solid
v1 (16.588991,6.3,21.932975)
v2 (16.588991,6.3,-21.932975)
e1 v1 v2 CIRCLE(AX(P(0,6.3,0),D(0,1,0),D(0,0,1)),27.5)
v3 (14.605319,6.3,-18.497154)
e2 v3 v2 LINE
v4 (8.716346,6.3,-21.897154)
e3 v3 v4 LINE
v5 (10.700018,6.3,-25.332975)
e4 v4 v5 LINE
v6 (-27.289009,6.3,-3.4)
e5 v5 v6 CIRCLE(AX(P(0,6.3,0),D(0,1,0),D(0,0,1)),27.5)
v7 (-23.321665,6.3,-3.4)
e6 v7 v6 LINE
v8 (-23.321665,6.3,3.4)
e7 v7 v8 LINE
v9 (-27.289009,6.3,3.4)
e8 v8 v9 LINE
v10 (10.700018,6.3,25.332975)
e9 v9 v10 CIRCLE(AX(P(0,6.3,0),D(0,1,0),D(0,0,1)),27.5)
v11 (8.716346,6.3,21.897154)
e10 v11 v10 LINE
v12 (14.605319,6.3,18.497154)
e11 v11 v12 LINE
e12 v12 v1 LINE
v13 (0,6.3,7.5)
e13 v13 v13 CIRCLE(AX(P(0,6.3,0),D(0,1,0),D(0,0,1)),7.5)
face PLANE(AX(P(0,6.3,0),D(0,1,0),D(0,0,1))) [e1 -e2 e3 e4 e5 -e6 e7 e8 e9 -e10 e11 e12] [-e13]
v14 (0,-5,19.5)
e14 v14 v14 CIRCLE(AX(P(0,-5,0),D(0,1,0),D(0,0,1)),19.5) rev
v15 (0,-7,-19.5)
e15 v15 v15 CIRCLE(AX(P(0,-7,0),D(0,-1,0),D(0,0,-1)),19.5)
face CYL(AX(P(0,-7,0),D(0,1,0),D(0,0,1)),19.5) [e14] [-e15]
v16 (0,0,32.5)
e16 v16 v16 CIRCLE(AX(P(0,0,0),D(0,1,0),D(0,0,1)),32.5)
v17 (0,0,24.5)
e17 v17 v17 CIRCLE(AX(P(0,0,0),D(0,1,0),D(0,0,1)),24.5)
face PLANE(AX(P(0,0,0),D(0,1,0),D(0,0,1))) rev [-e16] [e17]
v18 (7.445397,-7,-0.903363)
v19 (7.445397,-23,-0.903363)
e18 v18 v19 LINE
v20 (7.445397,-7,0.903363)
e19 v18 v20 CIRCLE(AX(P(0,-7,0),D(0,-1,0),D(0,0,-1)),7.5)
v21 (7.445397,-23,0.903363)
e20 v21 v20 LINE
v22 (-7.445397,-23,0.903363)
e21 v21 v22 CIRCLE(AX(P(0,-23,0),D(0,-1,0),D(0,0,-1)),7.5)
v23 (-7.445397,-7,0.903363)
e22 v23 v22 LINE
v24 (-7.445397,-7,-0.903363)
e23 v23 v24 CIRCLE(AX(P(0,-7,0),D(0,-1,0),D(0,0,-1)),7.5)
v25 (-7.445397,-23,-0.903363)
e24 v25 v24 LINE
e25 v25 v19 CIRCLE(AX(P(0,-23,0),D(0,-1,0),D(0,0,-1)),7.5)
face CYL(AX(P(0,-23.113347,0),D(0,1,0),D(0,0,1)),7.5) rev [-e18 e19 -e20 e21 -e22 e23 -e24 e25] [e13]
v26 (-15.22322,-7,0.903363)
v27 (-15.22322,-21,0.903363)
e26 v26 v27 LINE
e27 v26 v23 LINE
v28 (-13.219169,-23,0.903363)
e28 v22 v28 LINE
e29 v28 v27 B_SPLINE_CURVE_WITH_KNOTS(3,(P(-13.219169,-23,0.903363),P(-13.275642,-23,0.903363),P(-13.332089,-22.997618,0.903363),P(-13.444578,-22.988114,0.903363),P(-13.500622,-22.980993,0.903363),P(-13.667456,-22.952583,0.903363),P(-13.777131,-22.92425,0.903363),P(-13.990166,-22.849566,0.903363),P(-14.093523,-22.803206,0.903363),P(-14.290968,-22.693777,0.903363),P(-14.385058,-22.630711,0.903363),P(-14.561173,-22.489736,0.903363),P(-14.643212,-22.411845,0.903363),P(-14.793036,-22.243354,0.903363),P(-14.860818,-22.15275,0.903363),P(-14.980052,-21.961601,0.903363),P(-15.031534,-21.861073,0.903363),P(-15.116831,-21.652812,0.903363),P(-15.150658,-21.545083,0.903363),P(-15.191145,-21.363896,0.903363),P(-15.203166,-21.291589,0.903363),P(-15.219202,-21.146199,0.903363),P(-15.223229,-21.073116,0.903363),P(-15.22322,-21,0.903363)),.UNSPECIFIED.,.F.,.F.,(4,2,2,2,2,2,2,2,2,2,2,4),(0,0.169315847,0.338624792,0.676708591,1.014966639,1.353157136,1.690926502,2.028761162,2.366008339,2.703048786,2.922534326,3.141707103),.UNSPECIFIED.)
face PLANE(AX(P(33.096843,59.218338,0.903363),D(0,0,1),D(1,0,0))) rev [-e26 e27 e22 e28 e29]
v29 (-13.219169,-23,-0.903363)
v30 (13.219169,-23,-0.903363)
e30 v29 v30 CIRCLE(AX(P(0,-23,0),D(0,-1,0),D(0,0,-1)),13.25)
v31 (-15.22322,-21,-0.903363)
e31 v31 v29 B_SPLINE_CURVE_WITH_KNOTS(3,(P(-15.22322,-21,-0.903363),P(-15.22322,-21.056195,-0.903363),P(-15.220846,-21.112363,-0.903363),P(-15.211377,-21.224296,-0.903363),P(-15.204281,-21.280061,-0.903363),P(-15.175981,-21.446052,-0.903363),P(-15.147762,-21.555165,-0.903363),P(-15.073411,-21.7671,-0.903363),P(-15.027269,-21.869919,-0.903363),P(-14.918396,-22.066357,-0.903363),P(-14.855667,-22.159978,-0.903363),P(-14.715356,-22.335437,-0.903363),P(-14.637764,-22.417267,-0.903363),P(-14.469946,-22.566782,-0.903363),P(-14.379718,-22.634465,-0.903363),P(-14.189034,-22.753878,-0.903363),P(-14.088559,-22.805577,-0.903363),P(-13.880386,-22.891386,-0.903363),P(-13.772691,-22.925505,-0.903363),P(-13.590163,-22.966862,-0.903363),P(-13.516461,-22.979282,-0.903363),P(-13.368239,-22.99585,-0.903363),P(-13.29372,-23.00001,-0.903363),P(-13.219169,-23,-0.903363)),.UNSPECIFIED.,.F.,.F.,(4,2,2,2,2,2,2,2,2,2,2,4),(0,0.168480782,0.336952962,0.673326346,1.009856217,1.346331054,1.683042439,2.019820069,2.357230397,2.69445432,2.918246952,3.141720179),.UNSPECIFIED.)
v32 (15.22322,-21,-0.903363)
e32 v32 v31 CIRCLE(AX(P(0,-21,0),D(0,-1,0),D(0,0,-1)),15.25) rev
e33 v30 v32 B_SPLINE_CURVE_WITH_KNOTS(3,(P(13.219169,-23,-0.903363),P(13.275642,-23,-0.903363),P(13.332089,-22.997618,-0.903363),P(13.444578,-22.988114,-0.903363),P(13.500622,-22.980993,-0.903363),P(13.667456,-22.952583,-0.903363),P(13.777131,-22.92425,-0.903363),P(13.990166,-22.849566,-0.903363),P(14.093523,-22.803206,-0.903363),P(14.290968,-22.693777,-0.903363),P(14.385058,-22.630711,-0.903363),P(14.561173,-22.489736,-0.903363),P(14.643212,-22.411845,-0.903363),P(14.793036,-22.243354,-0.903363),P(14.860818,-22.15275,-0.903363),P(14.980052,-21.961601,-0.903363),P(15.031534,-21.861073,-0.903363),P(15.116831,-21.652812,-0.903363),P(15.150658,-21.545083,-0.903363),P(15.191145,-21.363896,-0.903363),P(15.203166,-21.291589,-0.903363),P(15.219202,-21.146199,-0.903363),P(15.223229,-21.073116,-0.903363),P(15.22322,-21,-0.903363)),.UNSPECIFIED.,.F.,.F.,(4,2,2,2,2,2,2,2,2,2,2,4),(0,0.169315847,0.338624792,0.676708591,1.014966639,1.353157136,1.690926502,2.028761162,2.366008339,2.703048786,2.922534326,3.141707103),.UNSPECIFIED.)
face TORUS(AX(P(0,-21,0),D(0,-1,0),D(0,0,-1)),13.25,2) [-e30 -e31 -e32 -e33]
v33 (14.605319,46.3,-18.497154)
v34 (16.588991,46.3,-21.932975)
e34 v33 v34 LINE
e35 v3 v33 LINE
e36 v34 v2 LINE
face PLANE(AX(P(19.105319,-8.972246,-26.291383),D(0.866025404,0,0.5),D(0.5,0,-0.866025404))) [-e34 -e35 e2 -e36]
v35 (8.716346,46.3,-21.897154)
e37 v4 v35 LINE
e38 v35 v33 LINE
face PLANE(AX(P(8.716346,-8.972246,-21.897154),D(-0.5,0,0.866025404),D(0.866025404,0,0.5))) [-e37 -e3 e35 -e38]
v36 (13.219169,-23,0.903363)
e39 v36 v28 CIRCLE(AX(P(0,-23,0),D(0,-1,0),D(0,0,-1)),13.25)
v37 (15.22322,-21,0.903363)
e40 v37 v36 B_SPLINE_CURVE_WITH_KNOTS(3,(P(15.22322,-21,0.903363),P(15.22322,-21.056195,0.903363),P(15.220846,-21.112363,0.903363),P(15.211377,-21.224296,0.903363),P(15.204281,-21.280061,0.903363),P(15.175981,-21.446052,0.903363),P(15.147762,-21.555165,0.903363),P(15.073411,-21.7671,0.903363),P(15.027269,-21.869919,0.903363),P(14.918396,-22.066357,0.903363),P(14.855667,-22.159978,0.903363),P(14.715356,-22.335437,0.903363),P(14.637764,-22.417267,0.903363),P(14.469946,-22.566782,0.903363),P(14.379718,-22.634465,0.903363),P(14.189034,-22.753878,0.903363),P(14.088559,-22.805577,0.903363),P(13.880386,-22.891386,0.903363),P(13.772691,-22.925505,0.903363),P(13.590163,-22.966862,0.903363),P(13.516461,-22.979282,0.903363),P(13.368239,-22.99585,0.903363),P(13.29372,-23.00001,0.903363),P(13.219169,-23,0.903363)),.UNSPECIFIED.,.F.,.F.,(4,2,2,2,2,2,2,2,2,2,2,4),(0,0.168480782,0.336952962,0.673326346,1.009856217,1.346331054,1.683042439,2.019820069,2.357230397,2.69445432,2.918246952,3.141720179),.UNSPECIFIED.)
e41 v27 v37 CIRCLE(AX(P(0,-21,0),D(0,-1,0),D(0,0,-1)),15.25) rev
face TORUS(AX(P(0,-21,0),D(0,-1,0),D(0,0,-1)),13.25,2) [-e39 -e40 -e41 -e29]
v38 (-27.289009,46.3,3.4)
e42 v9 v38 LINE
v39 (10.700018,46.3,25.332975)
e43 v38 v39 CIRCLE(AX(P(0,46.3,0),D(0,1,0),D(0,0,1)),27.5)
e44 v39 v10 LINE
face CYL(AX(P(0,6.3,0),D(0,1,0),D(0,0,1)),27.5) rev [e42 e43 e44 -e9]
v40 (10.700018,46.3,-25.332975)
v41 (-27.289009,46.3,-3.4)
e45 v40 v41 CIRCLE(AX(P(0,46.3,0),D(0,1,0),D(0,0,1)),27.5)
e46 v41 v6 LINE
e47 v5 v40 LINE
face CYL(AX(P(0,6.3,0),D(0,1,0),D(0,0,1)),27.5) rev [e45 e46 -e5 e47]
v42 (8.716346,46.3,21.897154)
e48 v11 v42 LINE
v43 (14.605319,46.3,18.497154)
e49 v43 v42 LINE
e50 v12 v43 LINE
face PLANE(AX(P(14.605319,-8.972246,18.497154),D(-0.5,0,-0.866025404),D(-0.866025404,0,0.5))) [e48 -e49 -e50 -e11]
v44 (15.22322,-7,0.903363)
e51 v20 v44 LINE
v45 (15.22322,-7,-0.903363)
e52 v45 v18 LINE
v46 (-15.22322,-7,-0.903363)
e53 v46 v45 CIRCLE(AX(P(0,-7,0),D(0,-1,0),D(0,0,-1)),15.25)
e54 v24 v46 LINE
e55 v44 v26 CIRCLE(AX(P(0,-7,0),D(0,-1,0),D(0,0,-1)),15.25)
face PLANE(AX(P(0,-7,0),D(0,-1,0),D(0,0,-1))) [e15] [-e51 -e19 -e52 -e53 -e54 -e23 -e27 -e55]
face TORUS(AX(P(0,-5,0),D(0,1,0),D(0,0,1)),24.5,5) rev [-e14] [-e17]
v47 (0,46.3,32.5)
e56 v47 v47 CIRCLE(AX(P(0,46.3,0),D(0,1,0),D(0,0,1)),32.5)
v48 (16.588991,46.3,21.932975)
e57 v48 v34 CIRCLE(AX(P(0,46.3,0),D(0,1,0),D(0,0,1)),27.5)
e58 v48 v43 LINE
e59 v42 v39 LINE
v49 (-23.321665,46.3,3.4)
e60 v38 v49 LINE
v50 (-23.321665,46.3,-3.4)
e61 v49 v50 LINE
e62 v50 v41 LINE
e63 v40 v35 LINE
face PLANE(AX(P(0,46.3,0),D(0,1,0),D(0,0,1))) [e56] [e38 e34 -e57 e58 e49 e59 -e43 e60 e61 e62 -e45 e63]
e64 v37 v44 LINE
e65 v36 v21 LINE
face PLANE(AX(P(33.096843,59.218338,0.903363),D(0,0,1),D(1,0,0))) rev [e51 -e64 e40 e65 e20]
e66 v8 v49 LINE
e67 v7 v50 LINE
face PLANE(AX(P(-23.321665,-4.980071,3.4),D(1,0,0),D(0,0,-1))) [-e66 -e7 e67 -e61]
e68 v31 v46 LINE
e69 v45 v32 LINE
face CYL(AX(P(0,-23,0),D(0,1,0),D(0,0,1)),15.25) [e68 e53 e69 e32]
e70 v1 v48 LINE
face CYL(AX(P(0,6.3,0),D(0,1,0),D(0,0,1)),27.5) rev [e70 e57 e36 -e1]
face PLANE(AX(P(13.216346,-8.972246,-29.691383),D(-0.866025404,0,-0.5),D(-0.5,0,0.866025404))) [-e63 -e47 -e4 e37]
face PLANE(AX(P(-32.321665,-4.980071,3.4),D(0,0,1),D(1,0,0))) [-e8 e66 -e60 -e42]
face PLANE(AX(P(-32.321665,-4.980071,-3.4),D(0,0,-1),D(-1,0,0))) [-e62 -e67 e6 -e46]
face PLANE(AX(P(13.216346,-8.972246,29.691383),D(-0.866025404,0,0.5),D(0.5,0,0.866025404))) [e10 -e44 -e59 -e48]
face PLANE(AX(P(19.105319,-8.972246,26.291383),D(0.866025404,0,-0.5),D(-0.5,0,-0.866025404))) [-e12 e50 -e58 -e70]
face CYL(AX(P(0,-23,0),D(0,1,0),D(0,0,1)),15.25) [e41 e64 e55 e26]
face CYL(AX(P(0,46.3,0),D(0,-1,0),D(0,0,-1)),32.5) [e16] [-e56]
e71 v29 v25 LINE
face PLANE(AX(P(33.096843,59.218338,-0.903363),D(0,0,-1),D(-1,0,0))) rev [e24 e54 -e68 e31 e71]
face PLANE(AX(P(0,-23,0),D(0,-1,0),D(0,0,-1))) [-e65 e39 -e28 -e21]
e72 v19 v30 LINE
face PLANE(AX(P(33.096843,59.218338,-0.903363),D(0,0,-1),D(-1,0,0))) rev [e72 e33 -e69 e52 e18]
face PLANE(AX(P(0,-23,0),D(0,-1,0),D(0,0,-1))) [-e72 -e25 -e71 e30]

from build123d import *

# Parameters (mm, degrees)
SKETCH1_R           = 32.5
BOSS_EXTRUDE1_DEPTH = 46.3
SKETCH2_R           = 27.5
CUT_EXTRUDE1_DEPTH  = 40
SKETCH3_R           = 19.5
BOSS_EXTRUDE2_DEPTH = 7
SKETCH4_R           = 15.25
BOSS_EXTRUDE3_DEPTH = 16
FILLET1_R           = 5
SKETCH7_W           = 66.193685288
SKETCH7_H           = 1.806726502
CUT_EXTRUDE2_DEPTH  = 16
FILLET2_R           = 2
SKETCH9_W           = 9
SKETCH9_H           = 6.8
BOSS_EXTRUDE4_DEPTH = 40
SKETCH8_R           = 7.5
CUT_EXTRUDE3_DEPTH  = 61.930288035
CIRPATTERN1_COUNT   = 3


with BuildPart() as part:
    # Sketch1 → Boss-Extrude1 (new body)
    with BuildSketch(Plane(origin=(0, 0, 0), x_dir=(1, 0, 0), z_dir=(0, 1, 0))):
        with Locations(Location((0, 0, 0), (0, 0, 270))):
            Circle(SKETCH1_R)
    extrude(amount=BOSS_EXTRUDE1_DEPTH)

    # Sketch2 → Cut-Extrude1 (cut)
    with BuildSketch(Plane(origin=(0, 46.3, 0), x_dir=(1, 0, 0), z_dir=(0, 1, 0))):
        with Locations(Location((0, 0, 0), (0, 0, 270))):
            Circle(SKETCH2_R)
    extrude(amount=-CUT_EXTRUDE1_DEPTH, mode=Mode.SUBTRACT)

    # Sketch3 → Boss-Extrude2 (add)
    with BuildSketch(Plane.XZ):
        with Locations(Location((0, 0, 0), (0, 0, 270))):
            Circle(SKETCH3_R)
    extrude(amount=BOSS_EXTRUDE2_DEPTH)

    # Sketch4 → Boss-Extrude3 (add)
    with BuildSketch(Plane.XZ.offset(7)):
        with Locations(Location((0, 0, 0), (0, 0, 270))):
            Circle(SKETCH4_R)
    extrude(amount=BOSS_EXTRUDE3_DEPTH)

    # Fillet1
    fillet1_edges = [part.edges().sort_by_distance(p)[0] for p in [
        (0, 0, 19.5),
    ]]
    fillet(fillet1_edges, radius=FILLET1_R)

    # Sketch7 → Cut-Extrude2 (cut)
    with BuildSketch(Plane.XZ.offset(23)):
        Rectangle(SKETCH7_W, SKETCH7_H)
    extrude(amount=-CUT_EXTRUDE2_DEPTH, mode=Mode.SUBTRACT)

    # Fillet2
    fillet2_edges = [part.edges().sort_by_distance(p)[0] for p in [
        (0, -23, 15.25),
        (0, -23, -15.25),
    ]]
    fillet(fillet2_edges, radius=FILLET2_R)

    # Sketch9 → Boss-Extrude4 (add)
    with BuildSketch(Plane(origin=(0, 46.3, 0), x_dir=(1, 0, 0), z_dir=(0, 1, 0))):
        with Locations((-27.821664561, 0)):
            Rectangle(SKETCH9_W, SKETCH9_H)
    boss_extrude4 = extrude(amount=-BOSS_EXTRUDE4_DEPTH)

    # Sketch8 → Cut-Extrude3 (cut, through all)
    with BuildSketch(Plane(origin=(0, 6.3, 0), x_dir=(1, 0, 0), z_dir=(0, 1, 0))):
        with Locations(Location((0, 0, 0), (0, 0, 270))):
            Circle(SKETCH8_R)
    extrude(amount=-CUT_EXTRUDE3_DEPTH, mode=Mode.SUBTRACT)

    # CirPattern1: Boss-Extrude4 ×3 about axis
    cirpattern1_axis = Axis((0, 0, 0), (0, 1, 0))
    for i in range(1, CIRPATTERN1_COUNT):
        add(boss_extrude4.rotate(cirpattern1_axis, i * 360 / CIRPATTERN1_COUNT))


solid = part.part
